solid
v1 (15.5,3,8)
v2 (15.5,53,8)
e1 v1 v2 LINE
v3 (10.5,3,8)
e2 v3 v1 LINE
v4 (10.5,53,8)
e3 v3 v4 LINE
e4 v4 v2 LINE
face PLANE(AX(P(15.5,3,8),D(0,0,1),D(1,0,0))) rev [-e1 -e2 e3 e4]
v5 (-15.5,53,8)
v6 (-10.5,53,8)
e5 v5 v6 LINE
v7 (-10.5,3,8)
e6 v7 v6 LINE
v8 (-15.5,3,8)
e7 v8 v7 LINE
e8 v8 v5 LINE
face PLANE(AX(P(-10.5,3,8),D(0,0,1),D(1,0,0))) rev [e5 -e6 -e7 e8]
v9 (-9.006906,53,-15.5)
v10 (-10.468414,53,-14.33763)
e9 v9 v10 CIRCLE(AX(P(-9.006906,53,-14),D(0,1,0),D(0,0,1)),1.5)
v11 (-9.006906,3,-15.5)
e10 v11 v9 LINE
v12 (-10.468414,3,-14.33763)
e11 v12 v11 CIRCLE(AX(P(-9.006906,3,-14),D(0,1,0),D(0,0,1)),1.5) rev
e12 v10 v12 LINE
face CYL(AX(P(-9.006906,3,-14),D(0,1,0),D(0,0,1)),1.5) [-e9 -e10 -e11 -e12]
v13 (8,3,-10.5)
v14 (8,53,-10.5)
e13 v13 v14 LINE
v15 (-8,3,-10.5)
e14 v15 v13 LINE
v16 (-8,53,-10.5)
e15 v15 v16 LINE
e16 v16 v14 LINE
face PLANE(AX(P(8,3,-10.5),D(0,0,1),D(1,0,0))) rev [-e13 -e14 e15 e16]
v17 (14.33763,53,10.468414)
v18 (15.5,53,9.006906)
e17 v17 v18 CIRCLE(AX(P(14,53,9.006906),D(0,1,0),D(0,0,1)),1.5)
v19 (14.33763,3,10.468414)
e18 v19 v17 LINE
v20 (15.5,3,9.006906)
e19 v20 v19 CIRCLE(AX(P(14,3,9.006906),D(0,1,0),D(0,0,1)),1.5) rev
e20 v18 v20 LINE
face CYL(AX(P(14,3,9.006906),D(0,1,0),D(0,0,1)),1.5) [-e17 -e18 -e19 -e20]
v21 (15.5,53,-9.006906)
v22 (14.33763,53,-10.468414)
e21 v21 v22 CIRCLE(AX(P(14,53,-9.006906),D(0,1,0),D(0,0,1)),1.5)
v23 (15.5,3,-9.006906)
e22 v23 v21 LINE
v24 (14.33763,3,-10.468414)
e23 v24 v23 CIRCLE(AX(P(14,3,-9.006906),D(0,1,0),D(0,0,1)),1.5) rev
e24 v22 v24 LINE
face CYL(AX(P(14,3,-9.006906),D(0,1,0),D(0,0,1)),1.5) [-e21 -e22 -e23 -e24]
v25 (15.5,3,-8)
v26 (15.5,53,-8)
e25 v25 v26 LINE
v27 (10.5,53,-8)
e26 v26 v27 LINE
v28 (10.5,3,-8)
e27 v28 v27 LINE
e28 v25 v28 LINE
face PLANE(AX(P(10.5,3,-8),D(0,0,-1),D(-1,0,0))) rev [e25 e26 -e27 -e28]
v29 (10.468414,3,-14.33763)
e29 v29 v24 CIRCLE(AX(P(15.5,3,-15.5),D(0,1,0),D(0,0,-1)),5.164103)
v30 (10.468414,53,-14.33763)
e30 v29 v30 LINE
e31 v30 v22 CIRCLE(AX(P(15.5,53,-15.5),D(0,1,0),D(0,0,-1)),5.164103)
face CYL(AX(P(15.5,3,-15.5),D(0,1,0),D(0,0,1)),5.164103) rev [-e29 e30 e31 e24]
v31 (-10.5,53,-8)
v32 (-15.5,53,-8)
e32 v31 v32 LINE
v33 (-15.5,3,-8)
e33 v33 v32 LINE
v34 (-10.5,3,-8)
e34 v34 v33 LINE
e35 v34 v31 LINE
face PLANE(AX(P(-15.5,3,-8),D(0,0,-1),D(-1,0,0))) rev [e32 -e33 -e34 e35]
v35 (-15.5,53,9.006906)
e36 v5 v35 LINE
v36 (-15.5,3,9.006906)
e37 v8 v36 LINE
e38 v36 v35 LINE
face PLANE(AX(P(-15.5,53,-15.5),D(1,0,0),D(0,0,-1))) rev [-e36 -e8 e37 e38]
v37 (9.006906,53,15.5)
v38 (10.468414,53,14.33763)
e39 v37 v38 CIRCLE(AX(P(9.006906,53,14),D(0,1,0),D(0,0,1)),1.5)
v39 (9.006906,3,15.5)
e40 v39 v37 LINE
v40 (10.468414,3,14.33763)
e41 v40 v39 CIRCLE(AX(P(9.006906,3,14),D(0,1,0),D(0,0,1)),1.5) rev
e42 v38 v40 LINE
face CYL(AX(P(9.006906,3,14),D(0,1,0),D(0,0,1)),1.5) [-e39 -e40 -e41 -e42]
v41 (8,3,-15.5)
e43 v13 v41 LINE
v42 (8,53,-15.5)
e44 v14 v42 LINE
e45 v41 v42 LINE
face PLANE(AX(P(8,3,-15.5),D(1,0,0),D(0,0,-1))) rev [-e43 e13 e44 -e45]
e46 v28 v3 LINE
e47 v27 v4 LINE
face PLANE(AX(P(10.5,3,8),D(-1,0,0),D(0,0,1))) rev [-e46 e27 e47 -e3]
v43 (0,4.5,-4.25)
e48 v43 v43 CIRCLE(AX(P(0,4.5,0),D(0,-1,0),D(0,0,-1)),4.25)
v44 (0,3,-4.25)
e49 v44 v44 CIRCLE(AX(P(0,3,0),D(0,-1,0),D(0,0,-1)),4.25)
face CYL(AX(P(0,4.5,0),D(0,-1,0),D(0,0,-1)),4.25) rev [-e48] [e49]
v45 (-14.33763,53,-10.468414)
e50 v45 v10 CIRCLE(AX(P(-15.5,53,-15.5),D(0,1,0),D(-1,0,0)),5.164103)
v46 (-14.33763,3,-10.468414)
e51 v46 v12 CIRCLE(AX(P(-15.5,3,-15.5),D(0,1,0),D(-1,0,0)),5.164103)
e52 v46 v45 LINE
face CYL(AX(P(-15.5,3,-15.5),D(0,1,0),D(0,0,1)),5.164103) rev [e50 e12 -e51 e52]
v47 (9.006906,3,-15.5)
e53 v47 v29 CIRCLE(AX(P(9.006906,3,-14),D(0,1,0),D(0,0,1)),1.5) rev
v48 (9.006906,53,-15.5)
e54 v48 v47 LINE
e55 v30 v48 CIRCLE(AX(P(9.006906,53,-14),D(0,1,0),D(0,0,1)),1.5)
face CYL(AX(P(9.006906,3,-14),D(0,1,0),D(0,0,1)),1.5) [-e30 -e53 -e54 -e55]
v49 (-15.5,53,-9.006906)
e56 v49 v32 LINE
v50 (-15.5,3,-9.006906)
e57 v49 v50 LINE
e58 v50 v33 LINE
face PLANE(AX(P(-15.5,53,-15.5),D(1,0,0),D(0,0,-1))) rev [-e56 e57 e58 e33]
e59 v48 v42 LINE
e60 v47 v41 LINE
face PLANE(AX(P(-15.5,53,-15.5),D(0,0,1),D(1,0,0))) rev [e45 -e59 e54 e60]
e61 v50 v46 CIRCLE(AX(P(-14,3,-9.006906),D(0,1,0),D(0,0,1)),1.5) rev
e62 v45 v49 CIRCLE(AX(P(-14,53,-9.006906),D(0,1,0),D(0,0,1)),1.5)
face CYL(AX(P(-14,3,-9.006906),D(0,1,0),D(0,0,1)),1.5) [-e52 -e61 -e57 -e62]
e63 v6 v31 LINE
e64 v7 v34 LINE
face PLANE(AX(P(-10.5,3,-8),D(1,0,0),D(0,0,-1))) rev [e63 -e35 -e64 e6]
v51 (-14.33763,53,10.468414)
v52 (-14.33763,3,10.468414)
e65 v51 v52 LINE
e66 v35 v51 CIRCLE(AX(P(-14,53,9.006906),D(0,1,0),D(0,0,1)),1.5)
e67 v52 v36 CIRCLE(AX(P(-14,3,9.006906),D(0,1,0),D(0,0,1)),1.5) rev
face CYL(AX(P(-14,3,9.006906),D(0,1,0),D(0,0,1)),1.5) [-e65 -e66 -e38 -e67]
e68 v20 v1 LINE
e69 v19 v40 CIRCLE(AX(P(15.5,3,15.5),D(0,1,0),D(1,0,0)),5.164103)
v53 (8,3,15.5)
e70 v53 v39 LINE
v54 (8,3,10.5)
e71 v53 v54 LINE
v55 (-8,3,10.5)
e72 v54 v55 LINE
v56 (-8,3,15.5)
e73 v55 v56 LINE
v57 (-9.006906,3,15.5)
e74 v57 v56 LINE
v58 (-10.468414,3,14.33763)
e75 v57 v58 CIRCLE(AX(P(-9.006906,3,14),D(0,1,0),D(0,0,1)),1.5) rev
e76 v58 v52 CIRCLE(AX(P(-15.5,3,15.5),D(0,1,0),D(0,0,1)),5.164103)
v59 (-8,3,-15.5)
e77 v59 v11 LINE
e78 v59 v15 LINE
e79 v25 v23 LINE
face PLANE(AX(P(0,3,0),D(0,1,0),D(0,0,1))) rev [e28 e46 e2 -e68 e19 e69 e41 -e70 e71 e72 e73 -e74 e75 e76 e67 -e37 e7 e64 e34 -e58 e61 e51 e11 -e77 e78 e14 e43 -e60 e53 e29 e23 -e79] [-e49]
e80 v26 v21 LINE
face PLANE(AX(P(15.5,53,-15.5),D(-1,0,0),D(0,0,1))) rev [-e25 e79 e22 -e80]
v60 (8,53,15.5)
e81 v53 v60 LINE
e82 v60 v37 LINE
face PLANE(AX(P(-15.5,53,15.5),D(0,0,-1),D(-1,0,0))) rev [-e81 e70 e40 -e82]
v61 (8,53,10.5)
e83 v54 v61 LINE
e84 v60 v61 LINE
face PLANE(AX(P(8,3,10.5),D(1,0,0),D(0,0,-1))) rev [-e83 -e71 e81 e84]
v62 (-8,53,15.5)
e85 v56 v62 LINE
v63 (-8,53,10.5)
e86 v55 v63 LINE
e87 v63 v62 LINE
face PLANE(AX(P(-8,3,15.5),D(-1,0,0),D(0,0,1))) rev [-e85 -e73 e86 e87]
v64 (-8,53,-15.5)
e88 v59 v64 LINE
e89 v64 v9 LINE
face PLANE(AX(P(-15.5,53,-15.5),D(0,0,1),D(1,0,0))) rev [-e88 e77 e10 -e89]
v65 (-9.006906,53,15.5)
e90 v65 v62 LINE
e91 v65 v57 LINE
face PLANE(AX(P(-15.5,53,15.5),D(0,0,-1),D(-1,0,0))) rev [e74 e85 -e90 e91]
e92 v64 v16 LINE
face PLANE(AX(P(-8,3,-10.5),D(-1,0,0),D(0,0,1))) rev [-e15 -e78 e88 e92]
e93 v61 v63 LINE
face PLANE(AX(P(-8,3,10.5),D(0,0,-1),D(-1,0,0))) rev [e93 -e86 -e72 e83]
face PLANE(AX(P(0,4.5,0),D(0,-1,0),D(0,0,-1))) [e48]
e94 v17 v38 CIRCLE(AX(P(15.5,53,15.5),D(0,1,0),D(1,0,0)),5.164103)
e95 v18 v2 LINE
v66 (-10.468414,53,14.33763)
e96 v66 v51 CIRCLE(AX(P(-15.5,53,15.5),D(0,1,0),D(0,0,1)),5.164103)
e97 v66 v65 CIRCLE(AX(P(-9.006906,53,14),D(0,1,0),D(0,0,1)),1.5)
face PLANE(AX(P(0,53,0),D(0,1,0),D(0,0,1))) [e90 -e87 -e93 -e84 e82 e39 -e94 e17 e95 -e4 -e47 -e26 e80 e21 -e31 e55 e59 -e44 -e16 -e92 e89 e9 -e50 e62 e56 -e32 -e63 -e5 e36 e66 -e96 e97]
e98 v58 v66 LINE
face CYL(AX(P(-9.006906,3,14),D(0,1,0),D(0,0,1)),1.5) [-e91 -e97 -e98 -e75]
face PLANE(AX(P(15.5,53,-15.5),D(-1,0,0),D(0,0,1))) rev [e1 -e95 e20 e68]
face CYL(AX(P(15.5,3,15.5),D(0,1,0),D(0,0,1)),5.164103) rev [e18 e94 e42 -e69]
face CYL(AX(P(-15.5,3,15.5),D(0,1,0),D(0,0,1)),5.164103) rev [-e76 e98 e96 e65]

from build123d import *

# Parameters (mm, degrees)
SKETCH5_W           = 31
SKETCH5_H           = 31
BOSS_EXTRUDE2_DEPTH = 50
SKETCH6_W           = 5
SKETCH6_H           = 16
CUT_EXTRUDE1_DEPTH  = 50
CIRPATTERN1_COUNT   = 4
SKETCH7_R           = 5.164102758
CUT_EXTRUDE2_DEPTH  = 50
CIRPATTERN2_COUNT   = 4
FILLET1_R           = 1.5
SKETCH8_R           = 4.25
CUT_EXTRUDE3_DEPTH  = 1.5


with BuildPart() as part:
    # Sketch5 → Boss-Extrude2 (new body)
    with BuildSketch(Plane(origin=(0, 3, 0), x_dir=(1, 0, 0), z_dir=(0, 1, 0))):
        Rectangle(SKETCH5_W, SKETCH5_H)
    extrude(amount=BOSS_EXTRUDE2_DEPTH)

    # Sketch6 → Cut-Extrude1 (cut)
    with BuildSketch(Plane(origin=(0, 53, 0), x_dir=(1, 0, 0), z_dir=(0, 1, 0))):
        with Locations((-13, 0)):
            Rectangle(SKETCH6_W, SKETCH6_H)
    cut_extrude1 = extrude(amount=-CUT_EXTRUDE1_DEPTH, mode=Mode.SUBTRACT)

    # CirPattern1: Cut-Extrude1 ×4 about axis
    cirpattern1_axis = Axis((0, 0, 0), (0, 1, 0))
    for i in range(1, CIRPATTERN1_COUNT):
        add(cut_extrude1.rotate(cirpattern1_axis, i * 360 / CIRPATTERN1_COUNT), mode=Mode.SUBTRACT)

    # Sketch7 → Cut-Extrude2 (cut)
    with BuildSketch(Plane(origin=(0, 53, 0), x_dir=(1, 0, 0), z_dir=(0, 1, 0))):
        with Locations((-15.5, -15.5)):
            Circle(SKETCH7_R)
    cut_extrude2 = extrude(amount=-CUT_EXTRUDE2_DEPTH, mode=Mode.SUBTRACT)

    # CirPattern2: Cut-Extrude2 ×4 about axis
    cirpattern2_axis = Axis((0, 0, 0), (0, 1, 0))
    for i in range(1, CIRPATTERN2_COUNT):
        add(cut_extrude2.rotate(cirpattern2_axis, i * 360 / CIRPATTERN2_COUNT), mode=Mode.SUBTRACT)

    # Fillet1
    fillet1_edges = [part.edges().sort_by_distance(p)[0] for p in [
        (-15.5, 28, -10.335897242),
        (-10.335897242, 28, -15.5),
        (10.335897242, 28, -15.5),
        (15.5, 28, -10.335897242),
        (15.5, 28, 10.335897242),
        (10.335897242, 28, 15.5),
        (-10.335897242, 28, 15.5),
        (-15.5, 28, 10.335897242),
    ]]
    fillet(fillet1_edges, radius=FILLET1_R)

    # Sketch8 → Cut-Extrude3 (cut)
    with BuildSketch(Plane.XZ.offset(-3)):
        Circle(SKETCH8_R)
    extrude(amount=-CUT_EXTRUDE3_DEPTH, mode=Mode.SUBTRACT)


solid = part.part
